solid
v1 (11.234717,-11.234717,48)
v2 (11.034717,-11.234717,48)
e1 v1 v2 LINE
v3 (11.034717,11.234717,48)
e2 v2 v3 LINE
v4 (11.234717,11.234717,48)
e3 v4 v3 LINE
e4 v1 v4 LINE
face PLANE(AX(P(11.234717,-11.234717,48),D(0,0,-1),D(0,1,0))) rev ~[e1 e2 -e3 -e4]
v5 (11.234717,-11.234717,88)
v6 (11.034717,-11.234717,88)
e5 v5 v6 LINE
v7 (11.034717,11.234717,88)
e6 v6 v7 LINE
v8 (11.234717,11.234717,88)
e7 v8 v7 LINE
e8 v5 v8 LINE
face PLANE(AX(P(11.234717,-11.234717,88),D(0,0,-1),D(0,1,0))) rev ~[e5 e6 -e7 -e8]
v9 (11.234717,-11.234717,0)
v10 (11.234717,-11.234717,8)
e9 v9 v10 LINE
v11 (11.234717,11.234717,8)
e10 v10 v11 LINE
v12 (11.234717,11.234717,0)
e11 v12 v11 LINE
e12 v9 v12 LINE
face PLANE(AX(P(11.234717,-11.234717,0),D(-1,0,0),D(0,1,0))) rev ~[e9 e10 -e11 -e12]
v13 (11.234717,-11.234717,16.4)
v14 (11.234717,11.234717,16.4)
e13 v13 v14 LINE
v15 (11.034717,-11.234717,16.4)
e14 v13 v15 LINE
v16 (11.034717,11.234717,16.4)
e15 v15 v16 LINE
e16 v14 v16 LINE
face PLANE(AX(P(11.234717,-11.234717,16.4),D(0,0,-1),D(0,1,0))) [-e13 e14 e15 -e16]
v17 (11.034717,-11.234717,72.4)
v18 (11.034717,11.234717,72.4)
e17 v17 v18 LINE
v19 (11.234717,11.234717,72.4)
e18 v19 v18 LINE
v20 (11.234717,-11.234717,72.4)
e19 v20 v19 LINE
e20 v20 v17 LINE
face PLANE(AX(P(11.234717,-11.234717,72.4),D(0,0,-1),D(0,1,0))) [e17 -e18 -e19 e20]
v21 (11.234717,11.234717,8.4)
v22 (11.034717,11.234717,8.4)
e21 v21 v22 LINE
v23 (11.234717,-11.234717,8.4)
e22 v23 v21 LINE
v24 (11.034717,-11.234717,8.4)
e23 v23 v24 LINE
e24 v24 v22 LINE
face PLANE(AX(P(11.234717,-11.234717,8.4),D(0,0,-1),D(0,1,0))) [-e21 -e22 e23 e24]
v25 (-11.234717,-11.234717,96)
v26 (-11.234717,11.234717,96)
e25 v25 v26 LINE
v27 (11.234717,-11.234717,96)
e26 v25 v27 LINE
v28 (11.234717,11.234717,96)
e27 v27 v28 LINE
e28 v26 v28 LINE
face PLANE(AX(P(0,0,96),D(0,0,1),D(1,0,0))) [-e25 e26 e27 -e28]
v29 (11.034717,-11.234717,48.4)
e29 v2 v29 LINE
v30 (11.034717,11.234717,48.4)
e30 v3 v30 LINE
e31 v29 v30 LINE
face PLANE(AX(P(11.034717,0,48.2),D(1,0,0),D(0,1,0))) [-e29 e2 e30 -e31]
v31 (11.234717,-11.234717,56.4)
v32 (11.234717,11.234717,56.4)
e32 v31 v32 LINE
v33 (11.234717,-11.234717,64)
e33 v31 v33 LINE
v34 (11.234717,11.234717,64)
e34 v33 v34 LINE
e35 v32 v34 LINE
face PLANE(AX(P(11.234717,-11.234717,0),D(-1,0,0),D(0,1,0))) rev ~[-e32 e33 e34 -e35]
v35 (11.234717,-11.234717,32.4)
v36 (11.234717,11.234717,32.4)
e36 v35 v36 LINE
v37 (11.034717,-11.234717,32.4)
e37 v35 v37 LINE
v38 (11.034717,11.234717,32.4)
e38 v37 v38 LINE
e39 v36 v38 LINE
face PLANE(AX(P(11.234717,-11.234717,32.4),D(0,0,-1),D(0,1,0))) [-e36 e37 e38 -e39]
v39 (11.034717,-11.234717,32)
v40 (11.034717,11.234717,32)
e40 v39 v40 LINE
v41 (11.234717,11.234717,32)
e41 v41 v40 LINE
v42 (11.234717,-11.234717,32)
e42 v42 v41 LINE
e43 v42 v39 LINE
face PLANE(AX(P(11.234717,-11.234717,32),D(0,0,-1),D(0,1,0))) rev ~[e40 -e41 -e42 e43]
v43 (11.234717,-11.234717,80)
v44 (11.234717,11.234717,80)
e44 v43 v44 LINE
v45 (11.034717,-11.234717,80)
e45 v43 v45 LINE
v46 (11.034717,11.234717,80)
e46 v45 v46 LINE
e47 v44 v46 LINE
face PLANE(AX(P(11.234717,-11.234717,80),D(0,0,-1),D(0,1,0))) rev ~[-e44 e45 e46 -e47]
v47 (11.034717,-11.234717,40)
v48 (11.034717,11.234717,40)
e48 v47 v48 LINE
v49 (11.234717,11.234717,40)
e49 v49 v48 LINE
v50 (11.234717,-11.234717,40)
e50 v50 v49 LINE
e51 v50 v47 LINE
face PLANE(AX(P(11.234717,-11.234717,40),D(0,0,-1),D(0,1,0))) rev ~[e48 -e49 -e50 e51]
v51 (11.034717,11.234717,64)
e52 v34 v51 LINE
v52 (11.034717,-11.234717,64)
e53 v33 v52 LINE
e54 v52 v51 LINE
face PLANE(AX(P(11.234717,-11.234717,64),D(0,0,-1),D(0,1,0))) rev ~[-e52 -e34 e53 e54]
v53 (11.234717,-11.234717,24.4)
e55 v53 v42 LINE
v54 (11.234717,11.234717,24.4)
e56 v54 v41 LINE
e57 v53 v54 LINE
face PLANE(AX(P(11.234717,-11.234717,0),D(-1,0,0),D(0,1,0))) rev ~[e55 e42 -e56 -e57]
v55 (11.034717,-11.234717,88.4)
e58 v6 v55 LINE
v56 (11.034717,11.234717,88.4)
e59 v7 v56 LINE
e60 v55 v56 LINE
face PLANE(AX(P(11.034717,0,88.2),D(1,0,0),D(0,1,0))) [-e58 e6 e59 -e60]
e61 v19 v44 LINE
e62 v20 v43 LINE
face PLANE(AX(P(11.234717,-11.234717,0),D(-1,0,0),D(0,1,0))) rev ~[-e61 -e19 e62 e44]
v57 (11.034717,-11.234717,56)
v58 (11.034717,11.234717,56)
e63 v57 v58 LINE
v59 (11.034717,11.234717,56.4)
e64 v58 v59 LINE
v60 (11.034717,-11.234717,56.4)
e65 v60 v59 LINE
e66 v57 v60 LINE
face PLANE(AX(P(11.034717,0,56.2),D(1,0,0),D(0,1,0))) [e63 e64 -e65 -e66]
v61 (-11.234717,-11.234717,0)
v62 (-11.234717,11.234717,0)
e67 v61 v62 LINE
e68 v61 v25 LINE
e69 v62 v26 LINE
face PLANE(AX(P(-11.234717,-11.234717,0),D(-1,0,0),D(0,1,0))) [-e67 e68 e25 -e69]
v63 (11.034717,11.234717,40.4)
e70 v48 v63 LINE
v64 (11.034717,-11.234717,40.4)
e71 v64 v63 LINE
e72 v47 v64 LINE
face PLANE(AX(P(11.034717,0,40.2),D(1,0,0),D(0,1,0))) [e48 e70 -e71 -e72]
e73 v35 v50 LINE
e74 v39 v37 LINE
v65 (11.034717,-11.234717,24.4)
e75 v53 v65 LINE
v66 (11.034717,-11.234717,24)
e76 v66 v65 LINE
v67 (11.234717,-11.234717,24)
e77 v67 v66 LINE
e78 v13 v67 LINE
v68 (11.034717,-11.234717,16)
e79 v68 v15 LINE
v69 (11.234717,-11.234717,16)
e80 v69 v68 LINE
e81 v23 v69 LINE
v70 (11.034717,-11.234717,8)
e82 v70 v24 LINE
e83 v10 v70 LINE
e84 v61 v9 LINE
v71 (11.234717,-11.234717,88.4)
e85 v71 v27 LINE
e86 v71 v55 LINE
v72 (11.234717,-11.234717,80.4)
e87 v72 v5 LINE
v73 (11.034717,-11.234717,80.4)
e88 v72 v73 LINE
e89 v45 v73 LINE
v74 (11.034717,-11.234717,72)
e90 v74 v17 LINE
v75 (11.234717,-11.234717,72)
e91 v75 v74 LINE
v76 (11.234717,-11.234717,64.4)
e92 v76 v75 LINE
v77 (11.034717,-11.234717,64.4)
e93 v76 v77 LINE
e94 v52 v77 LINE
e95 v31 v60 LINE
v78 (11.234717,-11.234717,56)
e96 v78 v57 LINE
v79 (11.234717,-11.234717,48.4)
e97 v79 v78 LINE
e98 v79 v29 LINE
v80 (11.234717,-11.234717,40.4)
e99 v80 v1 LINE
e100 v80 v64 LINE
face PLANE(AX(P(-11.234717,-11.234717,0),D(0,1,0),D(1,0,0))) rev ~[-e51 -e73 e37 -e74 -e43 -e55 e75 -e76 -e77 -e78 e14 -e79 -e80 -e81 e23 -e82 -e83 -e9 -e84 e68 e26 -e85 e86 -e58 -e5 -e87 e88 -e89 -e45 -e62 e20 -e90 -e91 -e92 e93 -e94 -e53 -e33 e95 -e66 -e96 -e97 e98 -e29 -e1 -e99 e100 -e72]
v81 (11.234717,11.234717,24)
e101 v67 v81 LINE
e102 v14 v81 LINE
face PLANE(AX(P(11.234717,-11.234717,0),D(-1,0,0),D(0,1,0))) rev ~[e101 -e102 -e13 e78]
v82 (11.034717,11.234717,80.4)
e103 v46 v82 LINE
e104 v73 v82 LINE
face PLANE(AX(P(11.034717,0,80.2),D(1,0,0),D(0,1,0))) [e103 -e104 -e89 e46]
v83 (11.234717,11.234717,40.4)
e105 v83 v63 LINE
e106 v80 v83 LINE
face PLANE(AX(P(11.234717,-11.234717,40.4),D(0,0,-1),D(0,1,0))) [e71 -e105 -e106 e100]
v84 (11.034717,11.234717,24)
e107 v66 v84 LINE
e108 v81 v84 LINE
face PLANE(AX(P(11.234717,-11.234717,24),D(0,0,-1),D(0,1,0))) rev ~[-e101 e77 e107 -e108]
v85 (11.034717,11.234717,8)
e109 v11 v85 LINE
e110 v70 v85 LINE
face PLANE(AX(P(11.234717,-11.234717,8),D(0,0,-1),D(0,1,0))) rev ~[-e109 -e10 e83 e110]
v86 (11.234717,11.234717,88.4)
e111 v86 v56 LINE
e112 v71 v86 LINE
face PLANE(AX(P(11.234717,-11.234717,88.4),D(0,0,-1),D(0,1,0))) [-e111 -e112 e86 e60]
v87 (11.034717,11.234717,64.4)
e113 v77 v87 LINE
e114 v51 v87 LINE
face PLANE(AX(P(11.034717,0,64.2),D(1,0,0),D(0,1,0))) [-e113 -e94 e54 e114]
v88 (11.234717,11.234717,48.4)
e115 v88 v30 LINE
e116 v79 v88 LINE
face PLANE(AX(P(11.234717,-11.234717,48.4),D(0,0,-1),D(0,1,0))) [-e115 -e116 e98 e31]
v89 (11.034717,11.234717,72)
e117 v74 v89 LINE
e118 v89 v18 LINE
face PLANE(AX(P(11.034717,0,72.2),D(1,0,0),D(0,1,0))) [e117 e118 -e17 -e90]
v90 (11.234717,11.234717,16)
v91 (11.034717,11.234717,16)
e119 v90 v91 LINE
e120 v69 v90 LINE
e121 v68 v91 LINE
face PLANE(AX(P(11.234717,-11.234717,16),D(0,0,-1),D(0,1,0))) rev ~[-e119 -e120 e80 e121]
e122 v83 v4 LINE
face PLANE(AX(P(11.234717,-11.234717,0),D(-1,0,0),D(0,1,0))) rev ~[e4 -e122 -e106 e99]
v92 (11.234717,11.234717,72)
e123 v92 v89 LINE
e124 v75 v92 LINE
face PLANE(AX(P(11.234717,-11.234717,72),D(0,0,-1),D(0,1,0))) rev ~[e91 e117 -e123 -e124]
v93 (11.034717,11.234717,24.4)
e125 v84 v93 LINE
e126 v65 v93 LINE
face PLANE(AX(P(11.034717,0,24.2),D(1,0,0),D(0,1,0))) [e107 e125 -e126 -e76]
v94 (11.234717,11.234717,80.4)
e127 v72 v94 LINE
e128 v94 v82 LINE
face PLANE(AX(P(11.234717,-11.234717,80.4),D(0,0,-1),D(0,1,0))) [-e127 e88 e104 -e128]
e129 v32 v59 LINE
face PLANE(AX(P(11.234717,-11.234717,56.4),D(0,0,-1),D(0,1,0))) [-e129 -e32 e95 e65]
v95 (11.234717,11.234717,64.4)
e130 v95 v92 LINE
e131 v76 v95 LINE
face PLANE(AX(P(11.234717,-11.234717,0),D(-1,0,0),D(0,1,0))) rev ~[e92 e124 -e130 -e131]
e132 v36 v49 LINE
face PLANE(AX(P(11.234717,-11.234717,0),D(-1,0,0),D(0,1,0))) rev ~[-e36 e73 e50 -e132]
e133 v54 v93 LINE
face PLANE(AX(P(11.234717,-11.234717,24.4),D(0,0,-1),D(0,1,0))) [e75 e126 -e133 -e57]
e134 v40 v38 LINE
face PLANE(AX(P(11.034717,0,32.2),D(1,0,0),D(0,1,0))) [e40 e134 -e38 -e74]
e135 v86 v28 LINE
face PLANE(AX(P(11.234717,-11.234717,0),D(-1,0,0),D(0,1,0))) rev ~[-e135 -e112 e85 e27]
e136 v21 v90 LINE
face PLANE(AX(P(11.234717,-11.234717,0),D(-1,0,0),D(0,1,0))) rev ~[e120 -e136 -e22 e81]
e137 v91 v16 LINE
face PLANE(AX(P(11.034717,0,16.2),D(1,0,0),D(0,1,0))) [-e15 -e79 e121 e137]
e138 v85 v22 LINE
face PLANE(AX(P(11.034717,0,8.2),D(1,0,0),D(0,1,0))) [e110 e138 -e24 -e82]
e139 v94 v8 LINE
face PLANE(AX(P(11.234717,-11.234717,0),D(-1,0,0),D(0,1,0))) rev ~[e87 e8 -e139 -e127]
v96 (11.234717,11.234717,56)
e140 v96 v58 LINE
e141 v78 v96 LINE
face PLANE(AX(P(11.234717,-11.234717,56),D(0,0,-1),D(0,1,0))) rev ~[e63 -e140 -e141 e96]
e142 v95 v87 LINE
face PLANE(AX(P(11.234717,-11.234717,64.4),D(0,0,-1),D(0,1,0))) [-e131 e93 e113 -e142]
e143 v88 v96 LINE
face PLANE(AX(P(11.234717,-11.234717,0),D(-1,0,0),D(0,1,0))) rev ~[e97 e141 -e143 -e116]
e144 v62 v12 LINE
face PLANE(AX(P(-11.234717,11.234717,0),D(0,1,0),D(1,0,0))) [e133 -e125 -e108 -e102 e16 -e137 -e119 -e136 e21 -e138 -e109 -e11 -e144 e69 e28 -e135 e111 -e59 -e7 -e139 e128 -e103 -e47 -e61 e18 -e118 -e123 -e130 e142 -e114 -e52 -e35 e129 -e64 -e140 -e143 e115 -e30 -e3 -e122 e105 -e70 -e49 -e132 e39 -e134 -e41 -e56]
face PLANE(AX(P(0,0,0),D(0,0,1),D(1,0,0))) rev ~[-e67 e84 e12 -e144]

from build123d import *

# Parameters (mm, degrees)
F0_W     = 22.469434
F0_H     = 22.469434
F1_DEPTH = 96
F2_W     = 22.469434
F2_H     = 0.4
F3_DEPTH = 0.2


with BuildPart() as f1:
    # F0 (on Top) → F1 (new body)
    with BuildSketch(Plane.XY):
        Rectangle(F0_W, F0_H)
    extrude(amount=F1_DEPTH)

    # F2 (on face) → F3 (cut)
    with BuildSketch(Plane.YZ.offset(11.234717)):
        with Locations((0, 88.2)):
            Rectangle(F2_W, F2_H)
        with Locations((0, 80.2)):
            Rectangle(F2_W, F2_H)
        with Locations((0, 72.2)):
            Rectangle(F2_W, F2_H)
        with Locations((0, 64.2)):
            Rectangle(F2_W, F2_H)
        with Locations((0, 56.2)):
            Rectangle(F2_W, F2_H)
        with Locations((0, 48.2)):
            Rectangle(F2_W, F2_H)
        with Locations((0, 40.2)):
            Rectangle(F2_W, F2_H)
        with Locations((0, 32.2)):
            Rectangle(F2_W, F2_H)
        with Locations((0, 24.2)):
            Rectangle(F2_W, F2_H)
        with Locations((0, 16.2)):
            Rectangle(F2_W, F2_H)
        with Locations((0, 8.2)):
            Rectangle(F2_W, F2_H)
    extrude(amount=-F3_DEPTH, mode=Mode.SUBTRACT)


solid = f1.part
